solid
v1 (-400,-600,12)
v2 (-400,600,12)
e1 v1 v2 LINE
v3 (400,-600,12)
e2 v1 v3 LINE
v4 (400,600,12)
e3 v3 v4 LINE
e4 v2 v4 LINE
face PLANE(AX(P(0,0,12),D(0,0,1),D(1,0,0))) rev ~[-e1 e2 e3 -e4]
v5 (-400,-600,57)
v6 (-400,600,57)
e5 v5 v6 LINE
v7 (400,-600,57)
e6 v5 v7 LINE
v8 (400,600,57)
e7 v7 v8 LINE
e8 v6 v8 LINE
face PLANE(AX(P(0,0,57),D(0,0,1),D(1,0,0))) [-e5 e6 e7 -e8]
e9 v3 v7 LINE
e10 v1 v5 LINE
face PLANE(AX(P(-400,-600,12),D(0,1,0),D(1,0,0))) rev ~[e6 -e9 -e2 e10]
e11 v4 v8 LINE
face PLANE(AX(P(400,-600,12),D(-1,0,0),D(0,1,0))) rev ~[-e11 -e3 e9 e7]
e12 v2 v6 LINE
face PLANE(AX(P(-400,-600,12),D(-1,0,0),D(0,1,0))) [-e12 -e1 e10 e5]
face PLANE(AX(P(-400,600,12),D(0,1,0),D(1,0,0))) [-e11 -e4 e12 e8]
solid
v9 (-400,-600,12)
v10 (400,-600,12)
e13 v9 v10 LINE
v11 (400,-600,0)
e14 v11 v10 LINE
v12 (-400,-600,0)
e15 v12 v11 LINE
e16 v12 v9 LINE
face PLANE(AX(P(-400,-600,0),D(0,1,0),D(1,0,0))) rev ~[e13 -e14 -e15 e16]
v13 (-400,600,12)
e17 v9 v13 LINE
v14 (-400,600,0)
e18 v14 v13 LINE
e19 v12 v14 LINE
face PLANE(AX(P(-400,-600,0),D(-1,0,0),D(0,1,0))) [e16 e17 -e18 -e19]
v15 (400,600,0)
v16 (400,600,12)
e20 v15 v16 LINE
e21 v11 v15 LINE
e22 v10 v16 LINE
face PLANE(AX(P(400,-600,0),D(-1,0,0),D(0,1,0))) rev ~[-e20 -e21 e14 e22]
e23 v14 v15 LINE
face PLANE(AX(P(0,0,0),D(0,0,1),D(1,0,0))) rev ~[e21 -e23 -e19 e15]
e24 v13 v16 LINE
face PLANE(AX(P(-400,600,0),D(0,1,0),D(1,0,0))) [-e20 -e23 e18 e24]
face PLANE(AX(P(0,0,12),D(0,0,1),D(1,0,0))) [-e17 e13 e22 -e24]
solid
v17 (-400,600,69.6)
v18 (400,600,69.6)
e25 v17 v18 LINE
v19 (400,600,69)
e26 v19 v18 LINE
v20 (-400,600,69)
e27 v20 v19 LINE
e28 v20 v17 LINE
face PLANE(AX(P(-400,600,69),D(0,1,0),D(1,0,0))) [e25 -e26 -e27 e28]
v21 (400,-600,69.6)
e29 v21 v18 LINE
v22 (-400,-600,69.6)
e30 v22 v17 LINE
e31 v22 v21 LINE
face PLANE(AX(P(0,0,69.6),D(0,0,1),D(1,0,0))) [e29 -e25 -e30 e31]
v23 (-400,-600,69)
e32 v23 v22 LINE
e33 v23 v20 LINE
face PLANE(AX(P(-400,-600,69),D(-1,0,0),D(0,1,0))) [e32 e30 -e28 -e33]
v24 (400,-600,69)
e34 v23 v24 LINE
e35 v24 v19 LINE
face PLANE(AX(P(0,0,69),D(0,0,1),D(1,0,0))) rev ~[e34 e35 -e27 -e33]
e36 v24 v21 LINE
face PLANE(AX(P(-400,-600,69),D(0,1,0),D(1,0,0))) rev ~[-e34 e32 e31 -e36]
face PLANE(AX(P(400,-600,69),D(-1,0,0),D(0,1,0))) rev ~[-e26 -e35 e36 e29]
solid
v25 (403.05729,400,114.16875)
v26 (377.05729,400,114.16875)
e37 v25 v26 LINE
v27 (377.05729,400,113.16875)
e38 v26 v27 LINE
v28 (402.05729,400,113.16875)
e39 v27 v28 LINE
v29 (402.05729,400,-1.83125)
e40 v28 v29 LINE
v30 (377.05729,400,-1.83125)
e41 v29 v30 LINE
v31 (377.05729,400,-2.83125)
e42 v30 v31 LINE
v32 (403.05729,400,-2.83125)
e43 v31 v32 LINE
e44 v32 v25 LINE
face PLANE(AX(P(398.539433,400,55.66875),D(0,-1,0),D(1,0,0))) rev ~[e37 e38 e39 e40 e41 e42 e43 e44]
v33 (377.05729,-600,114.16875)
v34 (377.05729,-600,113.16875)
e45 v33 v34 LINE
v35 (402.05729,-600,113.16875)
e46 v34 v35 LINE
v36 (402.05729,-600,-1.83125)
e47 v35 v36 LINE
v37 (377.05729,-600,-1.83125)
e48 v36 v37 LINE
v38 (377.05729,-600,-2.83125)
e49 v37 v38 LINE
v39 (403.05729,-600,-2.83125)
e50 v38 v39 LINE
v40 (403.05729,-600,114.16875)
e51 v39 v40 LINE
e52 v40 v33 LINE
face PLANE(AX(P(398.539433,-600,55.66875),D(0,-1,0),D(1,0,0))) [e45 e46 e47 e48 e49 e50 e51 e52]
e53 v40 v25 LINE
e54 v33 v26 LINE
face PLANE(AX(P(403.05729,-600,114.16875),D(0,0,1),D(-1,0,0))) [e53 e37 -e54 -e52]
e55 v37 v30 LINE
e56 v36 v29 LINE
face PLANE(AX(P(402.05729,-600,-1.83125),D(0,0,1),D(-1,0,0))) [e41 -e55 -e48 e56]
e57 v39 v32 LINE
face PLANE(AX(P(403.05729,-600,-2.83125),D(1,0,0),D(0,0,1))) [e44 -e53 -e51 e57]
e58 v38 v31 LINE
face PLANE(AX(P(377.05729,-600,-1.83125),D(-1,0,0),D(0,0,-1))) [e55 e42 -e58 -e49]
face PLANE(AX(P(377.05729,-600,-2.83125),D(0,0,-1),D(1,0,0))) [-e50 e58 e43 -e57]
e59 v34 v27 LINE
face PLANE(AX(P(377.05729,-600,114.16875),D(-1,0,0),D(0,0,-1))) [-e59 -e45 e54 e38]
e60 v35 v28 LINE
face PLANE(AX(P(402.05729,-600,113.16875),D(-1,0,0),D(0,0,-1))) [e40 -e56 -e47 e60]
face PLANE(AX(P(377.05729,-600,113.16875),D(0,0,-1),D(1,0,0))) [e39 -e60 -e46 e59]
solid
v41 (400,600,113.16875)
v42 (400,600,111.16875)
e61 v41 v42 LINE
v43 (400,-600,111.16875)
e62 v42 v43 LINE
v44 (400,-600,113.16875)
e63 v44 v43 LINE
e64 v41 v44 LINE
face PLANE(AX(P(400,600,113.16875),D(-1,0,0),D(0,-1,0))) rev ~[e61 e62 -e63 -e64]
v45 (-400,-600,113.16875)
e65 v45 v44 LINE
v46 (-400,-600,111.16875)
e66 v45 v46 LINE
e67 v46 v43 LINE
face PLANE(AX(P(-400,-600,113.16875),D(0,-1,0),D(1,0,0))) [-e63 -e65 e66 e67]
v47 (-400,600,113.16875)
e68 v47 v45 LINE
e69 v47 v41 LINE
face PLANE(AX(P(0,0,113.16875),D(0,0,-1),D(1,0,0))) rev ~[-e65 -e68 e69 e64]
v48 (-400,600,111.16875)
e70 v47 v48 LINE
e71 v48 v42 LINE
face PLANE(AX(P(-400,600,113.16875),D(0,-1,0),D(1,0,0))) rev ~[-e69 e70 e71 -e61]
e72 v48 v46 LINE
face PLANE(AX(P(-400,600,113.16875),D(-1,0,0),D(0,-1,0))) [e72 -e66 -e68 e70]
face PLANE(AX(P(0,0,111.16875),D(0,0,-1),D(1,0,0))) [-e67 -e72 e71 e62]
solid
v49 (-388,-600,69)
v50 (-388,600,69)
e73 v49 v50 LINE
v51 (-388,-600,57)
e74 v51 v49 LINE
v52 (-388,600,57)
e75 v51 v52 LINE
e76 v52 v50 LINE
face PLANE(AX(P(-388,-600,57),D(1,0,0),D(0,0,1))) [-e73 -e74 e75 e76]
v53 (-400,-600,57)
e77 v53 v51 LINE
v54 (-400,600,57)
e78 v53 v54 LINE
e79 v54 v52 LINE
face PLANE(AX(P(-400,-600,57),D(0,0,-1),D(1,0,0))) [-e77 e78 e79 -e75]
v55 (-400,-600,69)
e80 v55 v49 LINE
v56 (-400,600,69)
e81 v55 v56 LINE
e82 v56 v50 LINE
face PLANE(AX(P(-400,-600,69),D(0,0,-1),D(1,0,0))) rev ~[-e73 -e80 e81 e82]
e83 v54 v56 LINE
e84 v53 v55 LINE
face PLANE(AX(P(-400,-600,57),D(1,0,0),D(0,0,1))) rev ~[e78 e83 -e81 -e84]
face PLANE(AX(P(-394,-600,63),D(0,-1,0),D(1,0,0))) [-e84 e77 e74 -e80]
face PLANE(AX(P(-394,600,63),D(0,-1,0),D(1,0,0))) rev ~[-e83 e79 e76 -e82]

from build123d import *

# Parameters (mm, degrees)
F0_W      = 800
F0_H      = 1200
F1_DEPTH  = 12
F2_DEPTH  = 45
F3_W      = 12
F3_H      = 12
F4_DEPTH  = 1200
F5_W      = 800
F5_H      = 1200
F6_DEPTH  = 0.6
F8_DEPTH  = 1000
F9_W      = 800
F9_H      = 1200
F10_DEPTH = 2


with BuildPart() as f1:
    # F0 (on Top) → F1 (new body)
    with BuildSketch(Plane.XY):
        Rectangle(F0_W, F0_H)
    extrude(amount=F1_DEPTH)


with BuildPart() as f2:
    # F2 (new): a face of the model
    f2_faces = [f1.part.faces().sort_by_distance(p)[0] for p in [
        (0, 0, 12),
    ]]
    extrude(f2_faces, amount=F2_DEPTH)


with BuildPart() as f4:
    # F3 (on face) → F4 (new body, through all)
    with BuildSketch(Plane.XZ.offset(600)):
        with Locations((-394, 63)):
            Rectangle(F3_W, F3_H)
    extrude(amount=-F4_DEPTH)


with BuildPart() as f6:
    # F5 (on face) → F6 (new body)
    with BuildSketch(Plane.XY.offset(69)):
        Rectangle(F5_W, F5_H)
    extrude(amount=F6_DEPTH)


with BuildPart() as f8:
    # F7 (on face) → F8 (new body)
    with BuildSketch(Plane.XZ.offset(600)):
        Polygon((377.0572900772, 114.1687498512), (377.0572900772, 113.1687498512), (402.0572900772, 113.1687498512), (402.0572900772, -1.8312501488), (377.0572900772, -1.8312501488), (377.0572900772, -2.8312501488), (403.0572900772, -2.8312501488), (403.0572900772, 114.1687498512), align=None)
    extrude(amount=-F8_DEPTH)


with BuildPart() as f10:
    # F9 (on face) → F10 (new body)
    with BuildSketch(Plane(origin=(0, 0, 113.1687498512), x_dir=(1, 0, 0), z_dir=(0, 0, -1))):
        Rectangle(F9_W, F9_H)
    extrude(amount=F10_DEPTH)


solid = Compound([f1.part, f2.part, f4.part, f6.part, f8.part, f10.part])
